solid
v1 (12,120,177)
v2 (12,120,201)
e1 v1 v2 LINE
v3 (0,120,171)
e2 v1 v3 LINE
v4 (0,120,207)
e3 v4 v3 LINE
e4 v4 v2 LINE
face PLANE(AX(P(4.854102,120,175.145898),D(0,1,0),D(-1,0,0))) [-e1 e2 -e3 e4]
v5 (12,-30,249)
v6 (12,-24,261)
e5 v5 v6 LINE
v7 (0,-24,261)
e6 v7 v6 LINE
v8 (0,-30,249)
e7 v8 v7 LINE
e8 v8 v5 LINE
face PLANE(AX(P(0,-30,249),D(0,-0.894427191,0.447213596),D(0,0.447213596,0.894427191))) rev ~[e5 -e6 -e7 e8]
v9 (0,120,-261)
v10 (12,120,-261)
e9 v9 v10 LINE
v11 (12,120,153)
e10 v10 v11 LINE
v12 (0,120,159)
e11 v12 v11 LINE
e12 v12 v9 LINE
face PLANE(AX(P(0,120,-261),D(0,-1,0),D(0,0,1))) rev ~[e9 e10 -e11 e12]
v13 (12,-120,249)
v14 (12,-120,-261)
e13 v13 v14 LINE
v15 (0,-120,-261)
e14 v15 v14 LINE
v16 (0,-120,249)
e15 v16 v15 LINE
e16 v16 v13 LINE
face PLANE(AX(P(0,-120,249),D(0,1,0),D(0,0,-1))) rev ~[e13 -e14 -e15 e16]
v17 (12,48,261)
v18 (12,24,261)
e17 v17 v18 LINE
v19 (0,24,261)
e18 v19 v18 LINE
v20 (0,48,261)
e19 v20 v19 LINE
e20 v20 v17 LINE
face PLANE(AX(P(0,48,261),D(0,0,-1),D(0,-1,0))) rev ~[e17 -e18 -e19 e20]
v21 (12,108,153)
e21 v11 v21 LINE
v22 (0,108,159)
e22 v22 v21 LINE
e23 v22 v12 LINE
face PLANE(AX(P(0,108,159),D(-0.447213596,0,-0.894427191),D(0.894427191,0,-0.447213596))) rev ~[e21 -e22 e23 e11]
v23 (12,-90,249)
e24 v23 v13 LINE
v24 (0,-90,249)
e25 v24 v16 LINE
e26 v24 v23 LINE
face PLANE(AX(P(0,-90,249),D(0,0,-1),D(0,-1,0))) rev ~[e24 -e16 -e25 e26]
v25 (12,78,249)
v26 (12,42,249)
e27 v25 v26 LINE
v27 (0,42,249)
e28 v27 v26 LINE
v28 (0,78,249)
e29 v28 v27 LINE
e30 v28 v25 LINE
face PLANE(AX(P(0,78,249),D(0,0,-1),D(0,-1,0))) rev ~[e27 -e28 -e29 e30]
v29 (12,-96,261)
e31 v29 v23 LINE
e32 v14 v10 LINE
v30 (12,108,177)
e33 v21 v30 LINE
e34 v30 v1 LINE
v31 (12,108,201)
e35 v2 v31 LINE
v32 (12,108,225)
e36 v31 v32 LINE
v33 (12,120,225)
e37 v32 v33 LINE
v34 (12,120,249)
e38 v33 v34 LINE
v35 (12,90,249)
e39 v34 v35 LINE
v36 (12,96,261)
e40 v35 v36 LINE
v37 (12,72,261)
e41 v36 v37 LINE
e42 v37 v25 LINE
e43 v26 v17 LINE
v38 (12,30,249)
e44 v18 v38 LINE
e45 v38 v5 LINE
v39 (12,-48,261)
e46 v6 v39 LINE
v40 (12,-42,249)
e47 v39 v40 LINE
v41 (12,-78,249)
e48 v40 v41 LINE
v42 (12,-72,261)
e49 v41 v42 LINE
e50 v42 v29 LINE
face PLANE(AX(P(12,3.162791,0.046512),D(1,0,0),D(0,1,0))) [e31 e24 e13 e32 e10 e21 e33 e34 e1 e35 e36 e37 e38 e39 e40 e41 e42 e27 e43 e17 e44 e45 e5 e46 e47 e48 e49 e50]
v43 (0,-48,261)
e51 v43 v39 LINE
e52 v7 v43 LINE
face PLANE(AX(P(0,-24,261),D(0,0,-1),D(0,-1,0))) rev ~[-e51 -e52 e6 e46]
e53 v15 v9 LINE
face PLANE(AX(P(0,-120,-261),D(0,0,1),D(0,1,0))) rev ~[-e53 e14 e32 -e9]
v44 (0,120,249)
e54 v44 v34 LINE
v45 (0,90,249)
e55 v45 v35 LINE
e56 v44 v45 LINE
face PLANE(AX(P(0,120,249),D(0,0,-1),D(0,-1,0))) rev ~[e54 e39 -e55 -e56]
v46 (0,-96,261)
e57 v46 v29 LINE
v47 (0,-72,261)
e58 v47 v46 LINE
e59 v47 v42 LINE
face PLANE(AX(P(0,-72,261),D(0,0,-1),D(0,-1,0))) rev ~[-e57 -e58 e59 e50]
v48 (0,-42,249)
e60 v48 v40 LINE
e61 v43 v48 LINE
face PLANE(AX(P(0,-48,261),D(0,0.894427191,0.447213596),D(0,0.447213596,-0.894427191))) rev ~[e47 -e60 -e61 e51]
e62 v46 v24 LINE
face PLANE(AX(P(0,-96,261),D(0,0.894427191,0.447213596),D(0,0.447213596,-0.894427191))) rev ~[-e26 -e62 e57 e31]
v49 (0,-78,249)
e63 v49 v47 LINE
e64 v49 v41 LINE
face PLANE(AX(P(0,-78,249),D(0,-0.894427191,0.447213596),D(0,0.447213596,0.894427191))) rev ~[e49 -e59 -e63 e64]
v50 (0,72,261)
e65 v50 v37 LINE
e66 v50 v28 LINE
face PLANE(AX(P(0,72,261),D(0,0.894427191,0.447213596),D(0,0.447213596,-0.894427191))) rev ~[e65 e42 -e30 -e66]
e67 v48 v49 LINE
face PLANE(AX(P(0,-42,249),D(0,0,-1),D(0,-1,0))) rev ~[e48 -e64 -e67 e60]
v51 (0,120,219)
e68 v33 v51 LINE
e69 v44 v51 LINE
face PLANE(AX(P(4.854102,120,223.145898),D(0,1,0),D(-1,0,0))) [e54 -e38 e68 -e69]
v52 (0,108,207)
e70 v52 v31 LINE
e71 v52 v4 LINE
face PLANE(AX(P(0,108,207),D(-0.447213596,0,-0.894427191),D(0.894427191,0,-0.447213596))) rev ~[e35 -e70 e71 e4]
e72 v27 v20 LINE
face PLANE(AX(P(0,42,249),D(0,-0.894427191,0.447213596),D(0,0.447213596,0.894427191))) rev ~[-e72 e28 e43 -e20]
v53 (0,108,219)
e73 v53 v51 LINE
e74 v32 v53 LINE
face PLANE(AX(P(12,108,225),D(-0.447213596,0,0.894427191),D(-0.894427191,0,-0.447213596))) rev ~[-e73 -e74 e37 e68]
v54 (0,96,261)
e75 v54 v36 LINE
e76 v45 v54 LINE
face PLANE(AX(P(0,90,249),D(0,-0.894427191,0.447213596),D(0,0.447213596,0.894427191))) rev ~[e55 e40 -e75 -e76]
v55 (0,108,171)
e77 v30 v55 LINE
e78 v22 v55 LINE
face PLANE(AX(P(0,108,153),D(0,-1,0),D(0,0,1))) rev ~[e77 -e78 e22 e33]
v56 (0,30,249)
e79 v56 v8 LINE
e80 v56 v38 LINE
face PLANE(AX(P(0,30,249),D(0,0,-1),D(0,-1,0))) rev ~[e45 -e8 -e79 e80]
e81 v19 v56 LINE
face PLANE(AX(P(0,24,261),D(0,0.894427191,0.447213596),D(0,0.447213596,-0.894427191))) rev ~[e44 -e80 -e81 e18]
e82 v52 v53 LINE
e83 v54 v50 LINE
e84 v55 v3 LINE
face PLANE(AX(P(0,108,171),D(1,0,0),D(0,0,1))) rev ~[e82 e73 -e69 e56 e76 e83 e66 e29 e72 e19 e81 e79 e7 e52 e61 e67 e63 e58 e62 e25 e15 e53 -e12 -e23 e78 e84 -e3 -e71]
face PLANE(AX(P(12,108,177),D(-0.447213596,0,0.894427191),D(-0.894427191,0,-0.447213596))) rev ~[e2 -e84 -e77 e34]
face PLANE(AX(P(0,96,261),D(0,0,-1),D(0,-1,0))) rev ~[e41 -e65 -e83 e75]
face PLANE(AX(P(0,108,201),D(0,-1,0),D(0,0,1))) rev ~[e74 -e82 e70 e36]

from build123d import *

# Parameters (mm, degrees)
F1_DEPTH = 12
F3_DEPTH = 12
F5_DEPTH = 12


with BuildPart() as f1:
    # F0 (on Right) → F1 (new body)
    with BuildSketch(Plane.YZ):
        Polygon((120, 225), (120, 249), (96, 249), (90, 249), (78, 249), (72, 249), (48, 249), (42, 249), (30, 249), (24, 249), (-24, 249), (-30, 249), (-42, 249), (-48, 249), (-72, 249), (-78, 249), (-90, 249), (-96, 249), (-120, 249), (-120, -261), (120, -261), (120, 153), (108, 153), (108, 177), (120, 177), (120, 201), (108, 201), (108, 225), align=None)
        Polygon((-78, 249), (-72, 261), (-96, 261), (-90, 249), align=None)
        Polygon((-30, 249), (-24, 261), (-48, 261), (-42, 249), align=None)
        Polygon((42, 249), (48, 261), (24, 261), (30, 249), align=None)
        Polygon((90, 249), (96, 261), (72, 261), (78, 249), align=None)
    extrude(amount=F1_DEPTH)

    # F2 (on face) → F3 (join)
    with BuildSketch(Plane(origin=(0, 108, 0), x_dir=(-1, 0, 0), z_dir=(0, 1, 0))):
        Polygon((0, 219), (0, 225), (-12, 225), align=None)
        Polygon((0, 207), (-12, 201), (0, 201), align=None)
    extrude(amount=F3_DEPTH)

    # F4 (on face) → F5 (join)
    with BuildSketch(Plane(origin=(0, 108, 0), x_dir=(-1, 0, 0), z_dir=(0, 1, 0))):
        Polygon((0, 177), (-12, 177), (0, 171), align=None)
        Polygon((0, 159), (-12, 153), (0, 153), align=None)
    extrude(amount=F5_DEPTH)


solid = f1.part
